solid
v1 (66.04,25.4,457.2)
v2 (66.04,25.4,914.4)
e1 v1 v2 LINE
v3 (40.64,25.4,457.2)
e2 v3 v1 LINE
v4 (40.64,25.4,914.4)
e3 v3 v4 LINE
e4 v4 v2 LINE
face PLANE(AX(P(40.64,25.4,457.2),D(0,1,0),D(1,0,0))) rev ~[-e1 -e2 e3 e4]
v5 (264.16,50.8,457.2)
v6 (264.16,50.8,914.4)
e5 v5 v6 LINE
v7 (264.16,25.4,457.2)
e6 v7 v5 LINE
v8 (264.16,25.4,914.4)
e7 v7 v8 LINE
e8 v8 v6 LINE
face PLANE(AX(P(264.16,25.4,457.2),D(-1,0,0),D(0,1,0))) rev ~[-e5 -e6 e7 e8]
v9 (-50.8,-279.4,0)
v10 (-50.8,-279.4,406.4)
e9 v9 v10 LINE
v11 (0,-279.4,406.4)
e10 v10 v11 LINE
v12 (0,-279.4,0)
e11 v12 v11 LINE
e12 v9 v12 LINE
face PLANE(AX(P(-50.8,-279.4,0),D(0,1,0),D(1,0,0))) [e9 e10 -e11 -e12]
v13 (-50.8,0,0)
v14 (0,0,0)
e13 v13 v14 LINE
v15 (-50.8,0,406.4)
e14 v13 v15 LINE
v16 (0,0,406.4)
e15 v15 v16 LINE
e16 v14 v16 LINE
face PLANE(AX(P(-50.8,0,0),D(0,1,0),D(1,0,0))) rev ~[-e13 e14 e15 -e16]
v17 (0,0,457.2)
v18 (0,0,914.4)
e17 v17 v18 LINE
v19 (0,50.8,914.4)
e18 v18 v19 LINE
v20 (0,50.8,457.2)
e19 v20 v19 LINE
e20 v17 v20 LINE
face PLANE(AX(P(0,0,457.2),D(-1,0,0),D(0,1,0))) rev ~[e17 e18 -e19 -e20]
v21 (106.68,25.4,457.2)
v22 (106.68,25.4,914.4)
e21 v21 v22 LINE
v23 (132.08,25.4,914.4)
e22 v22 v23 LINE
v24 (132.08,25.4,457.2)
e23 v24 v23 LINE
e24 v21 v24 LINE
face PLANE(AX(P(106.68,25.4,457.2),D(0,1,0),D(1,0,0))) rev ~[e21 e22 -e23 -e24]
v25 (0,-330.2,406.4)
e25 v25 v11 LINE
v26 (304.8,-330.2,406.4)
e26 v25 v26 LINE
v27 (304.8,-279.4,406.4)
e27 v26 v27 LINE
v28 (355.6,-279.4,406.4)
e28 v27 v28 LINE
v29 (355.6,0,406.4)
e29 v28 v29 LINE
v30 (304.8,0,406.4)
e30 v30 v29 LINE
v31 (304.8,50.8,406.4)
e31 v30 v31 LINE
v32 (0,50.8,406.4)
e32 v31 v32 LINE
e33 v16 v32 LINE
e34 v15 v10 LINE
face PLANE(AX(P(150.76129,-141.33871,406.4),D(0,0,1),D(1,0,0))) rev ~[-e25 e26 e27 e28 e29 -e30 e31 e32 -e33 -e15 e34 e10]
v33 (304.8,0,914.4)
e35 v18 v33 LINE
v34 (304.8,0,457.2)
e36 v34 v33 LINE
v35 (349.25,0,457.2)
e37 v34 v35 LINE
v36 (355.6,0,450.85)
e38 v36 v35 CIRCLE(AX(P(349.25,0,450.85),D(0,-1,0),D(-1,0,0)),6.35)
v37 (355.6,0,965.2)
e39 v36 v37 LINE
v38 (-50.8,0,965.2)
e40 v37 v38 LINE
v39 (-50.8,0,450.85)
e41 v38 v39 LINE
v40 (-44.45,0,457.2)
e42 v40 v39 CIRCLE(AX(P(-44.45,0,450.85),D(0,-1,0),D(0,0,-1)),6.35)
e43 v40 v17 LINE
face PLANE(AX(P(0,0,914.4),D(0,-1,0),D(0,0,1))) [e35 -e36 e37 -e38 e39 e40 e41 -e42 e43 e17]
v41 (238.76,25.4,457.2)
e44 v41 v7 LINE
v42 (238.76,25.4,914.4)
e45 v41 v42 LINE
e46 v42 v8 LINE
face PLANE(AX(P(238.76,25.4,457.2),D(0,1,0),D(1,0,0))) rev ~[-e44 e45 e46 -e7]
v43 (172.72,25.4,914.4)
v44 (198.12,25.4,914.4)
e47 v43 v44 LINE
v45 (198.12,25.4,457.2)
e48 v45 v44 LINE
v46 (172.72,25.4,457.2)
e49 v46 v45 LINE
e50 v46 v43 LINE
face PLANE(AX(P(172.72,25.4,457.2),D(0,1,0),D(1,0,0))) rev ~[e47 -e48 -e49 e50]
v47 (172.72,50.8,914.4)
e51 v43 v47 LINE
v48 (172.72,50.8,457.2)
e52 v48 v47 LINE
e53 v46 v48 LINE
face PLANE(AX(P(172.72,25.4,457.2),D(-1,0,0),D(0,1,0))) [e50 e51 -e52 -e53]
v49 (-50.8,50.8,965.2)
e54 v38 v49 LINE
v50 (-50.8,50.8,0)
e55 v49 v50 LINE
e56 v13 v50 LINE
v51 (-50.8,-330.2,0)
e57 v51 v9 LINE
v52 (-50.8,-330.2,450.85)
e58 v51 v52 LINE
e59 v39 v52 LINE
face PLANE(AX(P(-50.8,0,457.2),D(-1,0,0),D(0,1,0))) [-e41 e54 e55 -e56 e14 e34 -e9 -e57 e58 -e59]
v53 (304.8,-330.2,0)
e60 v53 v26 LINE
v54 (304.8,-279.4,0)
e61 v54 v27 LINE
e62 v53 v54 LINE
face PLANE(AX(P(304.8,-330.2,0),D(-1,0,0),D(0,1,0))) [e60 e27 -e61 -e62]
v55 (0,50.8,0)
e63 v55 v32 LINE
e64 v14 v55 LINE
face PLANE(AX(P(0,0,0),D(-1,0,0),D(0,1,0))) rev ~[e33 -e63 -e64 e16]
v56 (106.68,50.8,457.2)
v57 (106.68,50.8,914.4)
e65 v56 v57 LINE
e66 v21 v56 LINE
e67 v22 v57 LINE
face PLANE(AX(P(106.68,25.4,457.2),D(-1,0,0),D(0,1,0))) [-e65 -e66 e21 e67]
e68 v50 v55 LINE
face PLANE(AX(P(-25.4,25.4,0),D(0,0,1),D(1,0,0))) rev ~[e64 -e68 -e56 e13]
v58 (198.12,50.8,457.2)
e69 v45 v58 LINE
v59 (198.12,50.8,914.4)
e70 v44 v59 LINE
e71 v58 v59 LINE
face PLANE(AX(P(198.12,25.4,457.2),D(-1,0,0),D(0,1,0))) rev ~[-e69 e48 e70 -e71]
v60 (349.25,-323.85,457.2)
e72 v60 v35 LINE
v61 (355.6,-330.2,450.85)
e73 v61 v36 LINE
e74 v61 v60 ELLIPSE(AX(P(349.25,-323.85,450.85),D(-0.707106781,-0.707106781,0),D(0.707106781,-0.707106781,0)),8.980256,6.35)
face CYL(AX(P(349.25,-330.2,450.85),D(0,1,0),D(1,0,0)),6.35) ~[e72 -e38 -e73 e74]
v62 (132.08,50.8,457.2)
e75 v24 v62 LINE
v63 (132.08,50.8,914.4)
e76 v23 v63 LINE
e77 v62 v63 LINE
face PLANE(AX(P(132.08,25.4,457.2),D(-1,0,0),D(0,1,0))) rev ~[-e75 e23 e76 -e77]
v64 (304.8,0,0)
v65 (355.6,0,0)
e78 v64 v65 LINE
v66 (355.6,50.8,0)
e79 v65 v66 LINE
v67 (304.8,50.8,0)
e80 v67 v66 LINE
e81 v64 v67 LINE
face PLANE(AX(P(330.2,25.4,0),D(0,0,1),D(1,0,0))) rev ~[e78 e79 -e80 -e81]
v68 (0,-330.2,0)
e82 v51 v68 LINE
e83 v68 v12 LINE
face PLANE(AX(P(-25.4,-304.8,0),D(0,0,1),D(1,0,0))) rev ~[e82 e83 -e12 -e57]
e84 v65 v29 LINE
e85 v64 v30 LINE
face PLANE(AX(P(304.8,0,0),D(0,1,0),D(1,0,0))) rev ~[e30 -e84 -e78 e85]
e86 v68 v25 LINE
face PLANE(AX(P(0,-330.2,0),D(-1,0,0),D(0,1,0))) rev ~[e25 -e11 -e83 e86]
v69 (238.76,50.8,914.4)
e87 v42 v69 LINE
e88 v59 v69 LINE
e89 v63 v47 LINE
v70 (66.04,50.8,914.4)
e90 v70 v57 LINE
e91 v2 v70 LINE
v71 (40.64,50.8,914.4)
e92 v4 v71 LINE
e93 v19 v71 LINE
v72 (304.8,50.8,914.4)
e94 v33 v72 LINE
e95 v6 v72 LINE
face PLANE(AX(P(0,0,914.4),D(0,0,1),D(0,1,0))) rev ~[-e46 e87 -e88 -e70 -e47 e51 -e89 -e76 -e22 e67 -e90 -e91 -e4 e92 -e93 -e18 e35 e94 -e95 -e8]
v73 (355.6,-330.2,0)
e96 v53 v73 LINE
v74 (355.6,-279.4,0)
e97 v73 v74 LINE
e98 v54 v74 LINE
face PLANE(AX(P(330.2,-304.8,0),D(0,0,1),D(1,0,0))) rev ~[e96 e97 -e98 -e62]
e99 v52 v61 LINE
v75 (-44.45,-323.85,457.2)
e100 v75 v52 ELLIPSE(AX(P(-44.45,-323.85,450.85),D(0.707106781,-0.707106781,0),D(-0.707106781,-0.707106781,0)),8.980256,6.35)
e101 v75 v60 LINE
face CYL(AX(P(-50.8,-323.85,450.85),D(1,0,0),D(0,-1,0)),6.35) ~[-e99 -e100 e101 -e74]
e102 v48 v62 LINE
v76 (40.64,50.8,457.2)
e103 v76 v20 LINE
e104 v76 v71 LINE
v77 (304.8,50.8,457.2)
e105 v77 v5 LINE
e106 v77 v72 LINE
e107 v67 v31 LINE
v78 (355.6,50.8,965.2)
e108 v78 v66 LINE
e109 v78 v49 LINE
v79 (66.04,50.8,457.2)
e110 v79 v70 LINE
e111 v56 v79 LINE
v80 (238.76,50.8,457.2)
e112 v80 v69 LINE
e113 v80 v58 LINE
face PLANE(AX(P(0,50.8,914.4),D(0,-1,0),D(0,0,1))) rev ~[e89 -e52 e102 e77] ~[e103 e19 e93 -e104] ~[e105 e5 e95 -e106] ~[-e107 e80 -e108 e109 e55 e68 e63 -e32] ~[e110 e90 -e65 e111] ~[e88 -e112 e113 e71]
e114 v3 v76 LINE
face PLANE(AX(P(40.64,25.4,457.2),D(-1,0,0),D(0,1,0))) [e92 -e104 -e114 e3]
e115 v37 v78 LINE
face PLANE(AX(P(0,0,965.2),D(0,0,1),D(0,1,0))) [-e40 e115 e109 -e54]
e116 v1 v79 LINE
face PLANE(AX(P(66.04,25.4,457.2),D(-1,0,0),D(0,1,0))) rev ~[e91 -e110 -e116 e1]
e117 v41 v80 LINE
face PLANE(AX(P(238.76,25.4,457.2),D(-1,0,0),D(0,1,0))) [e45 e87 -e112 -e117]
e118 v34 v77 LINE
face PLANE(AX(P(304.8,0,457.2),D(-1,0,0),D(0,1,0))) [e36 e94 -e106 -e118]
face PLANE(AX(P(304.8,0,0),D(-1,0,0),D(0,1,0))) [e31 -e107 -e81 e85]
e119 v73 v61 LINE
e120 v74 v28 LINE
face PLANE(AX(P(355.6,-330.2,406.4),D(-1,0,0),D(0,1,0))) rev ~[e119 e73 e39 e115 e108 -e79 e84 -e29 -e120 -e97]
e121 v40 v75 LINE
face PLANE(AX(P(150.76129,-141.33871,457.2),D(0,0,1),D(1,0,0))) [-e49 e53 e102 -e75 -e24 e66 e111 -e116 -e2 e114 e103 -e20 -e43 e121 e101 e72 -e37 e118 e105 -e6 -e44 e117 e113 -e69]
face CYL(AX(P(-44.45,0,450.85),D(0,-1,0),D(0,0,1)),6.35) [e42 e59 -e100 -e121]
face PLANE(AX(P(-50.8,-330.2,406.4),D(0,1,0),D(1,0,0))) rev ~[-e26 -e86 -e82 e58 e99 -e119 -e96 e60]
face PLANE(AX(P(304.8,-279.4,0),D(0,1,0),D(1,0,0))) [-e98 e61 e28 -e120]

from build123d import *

# Parameters (mm, degrees)
F0_W     = 50.8
F0_H     = 50.8
F1_DEPTH = 406.4
F2_W     = 50.8
F2_H     = 50.8
F3_DEPTH = 50.8
F4_W     = 50.8
F4_H     = 50.8
F4_W_2   = 25.4
F4_H_2   = 25.4
F5_DEPTH = 508
F6_W     = 50.8
F6_H     = 50.8
F7_DEPTH = 355.6
F8_R     = 6.35


with BuildPart() as f1:
    # F0 (on Top) → F1 (new body)
    with BuildSketch(Plane.XY):
        with Locations((-25.4, 25.4)):
            Rectangle(F0_W, F0_H)
        with Locations((330.2, 25.4)):
            Rectangle(F0_W, F0_H)
        with Locations((330.2, -304.8)):
            Rectangle(F0_W, F0_H)
        with Locations((-25.4, -304.8)):
            Rectangle(F0_W, F0_H)
    extrude(amount=F1_DEPTH)

    # F2 (on face) → F3 (join)
    with BuildSketch(Plane.XY.offset(406.4)):
        Polygon((304.8, 0), (304.8, 50.8), (-50.8, 50.8), (-50.8, -330.2), (355.6, -330.2), (355.6, 0), align=None)
        with Locations((330.2, 25.4)):
            Rectangle(F2_W, F2_H)
    extrude(amount=F3_DEPTH)

    # F4 (on face) → F5 (join)
    with BuildSketch(Plane.XY.offset(457.2)):
        with Locations((-25.4, 25.4)):
            Rectangle(F4_W, F4_H)
        with Locations((53.34, 38.1)):
            Rectangle(F4_W_2, F4_H_2)
        with Locations((119.38, 38.1)):
            Rectangle(F4_W_2, F4_H_2)
        with Locations((185.42, 38.1)):
            Rectangle(F4_W_2, F4_H_2)
        with Locations((251.46, 38.1)):
            Rectangle(F4_W_2, F4_H_2)
        with Locations((330.2, 25.4)):
            Rectangle(F4_W, F4_H)
    extrude(amount=F5_DEPTH)

    # F6 (on face) → F7 (join)
    with BuildSketch(Plane.YZ):
        with Locations((25.4, 939.8)):
            Rectangle(F6_W, F6_H)
    extrude(amount=F7_DEPTH)

    # F8
    f8_edges = [f1.edges().sort_by_distance(p)[0] for p in [
        (-50.8, -165.1, 457.2),
        (152.4, -330.2, 457.2),
        (355.6, -165.1, 457.2),
    ]]
    fillet(f8_edges, radius=F8_R)


solid = f1.part
